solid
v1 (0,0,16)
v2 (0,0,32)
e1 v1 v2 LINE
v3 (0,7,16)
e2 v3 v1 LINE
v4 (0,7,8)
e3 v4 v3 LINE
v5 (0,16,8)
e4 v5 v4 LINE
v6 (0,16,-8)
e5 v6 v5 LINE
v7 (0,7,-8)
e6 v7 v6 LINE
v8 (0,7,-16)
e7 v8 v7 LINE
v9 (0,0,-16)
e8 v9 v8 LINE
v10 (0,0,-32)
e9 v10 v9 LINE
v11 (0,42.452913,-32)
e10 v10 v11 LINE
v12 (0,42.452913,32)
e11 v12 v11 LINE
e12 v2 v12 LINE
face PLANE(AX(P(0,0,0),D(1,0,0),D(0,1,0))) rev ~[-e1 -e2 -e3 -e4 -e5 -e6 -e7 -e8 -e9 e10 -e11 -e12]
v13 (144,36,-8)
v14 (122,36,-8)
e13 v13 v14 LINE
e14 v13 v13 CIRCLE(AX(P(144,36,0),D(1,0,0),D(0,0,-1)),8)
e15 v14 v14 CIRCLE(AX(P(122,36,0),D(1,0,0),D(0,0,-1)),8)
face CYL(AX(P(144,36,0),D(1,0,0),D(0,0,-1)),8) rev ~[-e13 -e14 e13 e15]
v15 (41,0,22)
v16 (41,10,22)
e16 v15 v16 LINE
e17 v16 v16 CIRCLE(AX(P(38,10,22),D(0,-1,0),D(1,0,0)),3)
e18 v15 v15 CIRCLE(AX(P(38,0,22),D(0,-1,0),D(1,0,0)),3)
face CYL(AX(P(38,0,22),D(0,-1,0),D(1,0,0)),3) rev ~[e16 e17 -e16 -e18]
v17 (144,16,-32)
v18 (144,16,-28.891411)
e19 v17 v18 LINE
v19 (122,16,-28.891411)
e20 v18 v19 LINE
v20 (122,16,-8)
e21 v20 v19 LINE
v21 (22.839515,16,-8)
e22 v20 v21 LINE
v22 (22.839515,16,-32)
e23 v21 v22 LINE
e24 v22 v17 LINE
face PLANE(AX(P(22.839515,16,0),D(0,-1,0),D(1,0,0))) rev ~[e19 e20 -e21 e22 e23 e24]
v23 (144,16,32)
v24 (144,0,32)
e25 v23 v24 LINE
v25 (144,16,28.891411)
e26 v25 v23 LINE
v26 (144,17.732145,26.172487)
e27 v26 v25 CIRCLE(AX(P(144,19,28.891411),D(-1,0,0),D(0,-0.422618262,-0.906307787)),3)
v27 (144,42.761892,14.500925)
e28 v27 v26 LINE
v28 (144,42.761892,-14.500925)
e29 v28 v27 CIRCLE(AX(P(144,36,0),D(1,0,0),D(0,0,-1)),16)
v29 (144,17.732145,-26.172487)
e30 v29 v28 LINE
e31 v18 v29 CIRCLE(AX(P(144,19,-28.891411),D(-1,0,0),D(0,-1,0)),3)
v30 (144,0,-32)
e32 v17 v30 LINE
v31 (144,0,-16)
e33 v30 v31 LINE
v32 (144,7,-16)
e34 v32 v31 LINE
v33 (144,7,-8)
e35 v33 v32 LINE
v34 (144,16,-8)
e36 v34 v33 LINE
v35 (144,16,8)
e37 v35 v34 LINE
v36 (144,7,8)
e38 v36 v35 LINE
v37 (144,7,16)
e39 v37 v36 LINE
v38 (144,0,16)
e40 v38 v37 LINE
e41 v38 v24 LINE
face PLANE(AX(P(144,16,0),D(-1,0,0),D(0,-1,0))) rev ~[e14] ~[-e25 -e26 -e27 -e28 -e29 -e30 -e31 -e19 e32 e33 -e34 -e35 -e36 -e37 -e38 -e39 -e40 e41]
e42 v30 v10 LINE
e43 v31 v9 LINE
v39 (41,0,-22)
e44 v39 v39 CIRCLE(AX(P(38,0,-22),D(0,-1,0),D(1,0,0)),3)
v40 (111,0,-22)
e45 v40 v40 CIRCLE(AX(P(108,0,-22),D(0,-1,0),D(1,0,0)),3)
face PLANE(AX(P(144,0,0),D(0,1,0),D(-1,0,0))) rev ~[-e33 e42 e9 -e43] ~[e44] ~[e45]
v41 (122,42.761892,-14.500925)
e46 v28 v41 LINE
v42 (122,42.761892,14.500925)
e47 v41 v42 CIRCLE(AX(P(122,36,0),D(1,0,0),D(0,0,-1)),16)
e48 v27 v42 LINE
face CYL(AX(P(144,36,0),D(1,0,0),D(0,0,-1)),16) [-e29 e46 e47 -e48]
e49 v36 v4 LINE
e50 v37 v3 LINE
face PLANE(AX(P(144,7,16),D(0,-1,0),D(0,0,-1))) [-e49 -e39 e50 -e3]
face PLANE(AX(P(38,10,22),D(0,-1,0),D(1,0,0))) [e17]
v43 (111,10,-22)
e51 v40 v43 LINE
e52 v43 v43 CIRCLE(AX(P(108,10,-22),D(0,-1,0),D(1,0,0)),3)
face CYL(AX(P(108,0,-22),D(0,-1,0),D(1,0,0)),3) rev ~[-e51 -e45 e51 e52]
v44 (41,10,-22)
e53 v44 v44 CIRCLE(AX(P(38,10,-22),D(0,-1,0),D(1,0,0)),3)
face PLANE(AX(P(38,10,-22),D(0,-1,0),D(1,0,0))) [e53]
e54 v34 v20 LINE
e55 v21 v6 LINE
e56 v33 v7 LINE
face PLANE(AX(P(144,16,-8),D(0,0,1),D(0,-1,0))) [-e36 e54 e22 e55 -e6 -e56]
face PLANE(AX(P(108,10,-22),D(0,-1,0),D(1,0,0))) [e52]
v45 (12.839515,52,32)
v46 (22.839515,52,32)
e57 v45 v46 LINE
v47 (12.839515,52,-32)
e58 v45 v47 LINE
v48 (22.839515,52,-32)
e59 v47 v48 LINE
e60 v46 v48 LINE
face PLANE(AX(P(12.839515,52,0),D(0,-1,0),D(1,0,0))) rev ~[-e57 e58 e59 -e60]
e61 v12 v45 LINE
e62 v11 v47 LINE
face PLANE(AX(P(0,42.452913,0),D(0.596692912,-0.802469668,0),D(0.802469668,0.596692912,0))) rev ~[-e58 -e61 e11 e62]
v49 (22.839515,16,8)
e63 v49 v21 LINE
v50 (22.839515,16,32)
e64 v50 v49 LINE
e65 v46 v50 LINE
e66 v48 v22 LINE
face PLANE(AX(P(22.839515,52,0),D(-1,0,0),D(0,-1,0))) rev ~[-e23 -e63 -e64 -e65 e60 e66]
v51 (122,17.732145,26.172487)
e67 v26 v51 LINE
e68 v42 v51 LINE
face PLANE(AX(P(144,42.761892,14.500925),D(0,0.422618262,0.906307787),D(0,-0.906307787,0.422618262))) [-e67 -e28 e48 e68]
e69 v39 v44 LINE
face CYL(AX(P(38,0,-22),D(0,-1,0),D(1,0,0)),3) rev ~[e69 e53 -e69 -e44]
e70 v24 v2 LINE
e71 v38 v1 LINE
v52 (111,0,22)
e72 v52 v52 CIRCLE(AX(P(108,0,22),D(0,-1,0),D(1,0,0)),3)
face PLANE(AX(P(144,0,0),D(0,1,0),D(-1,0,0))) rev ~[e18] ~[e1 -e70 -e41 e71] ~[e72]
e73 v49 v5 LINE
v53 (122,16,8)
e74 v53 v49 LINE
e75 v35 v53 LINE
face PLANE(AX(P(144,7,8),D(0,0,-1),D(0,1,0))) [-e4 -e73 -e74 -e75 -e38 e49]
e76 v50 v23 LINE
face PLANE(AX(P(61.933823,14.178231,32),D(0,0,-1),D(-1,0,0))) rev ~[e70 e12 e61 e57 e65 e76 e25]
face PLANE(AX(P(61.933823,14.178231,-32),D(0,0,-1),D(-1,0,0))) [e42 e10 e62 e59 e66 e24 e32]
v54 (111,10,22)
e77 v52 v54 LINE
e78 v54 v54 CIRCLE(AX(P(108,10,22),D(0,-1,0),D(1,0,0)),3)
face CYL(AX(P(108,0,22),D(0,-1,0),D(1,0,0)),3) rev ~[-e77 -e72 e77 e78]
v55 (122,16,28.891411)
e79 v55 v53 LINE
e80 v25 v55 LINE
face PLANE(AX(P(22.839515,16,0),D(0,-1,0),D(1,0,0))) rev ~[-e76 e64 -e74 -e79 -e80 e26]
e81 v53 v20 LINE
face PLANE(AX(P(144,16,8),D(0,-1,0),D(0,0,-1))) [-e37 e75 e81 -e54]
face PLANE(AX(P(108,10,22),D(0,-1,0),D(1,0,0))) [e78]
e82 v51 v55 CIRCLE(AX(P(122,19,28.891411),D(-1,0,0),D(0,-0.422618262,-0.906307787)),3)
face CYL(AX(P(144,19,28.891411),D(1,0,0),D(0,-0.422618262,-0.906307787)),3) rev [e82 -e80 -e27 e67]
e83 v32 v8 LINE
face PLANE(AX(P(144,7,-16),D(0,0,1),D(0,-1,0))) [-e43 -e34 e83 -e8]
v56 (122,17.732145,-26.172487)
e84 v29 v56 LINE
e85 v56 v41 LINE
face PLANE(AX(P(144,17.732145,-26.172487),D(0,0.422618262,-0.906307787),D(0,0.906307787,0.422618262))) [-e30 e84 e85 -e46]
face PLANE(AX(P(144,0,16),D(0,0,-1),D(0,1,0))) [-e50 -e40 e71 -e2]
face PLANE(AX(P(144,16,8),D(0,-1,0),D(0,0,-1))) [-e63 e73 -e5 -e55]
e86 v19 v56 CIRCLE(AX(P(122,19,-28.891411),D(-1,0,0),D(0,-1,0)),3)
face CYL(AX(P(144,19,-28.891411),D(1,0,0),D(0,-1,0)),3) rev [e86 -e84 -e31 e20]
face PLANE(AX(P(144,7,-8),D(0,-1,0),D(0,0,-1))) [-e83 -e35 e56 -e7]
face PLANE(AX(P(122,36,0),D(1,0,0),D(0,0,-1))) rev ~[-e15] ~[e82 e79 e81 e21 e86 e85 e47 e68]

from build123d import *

# Parameters (mm, degrees)
BOSS_EXTRUDE1_DEPTH  = 32
SKETCH5_R            = 16
SKETCH5_R_2          = 8
BOSS_EXTRUDE2_DEPTH  = 22
CUT_EXTRUDE1_REACH   = 146
SKETCH9_R            = 3
CUT_EXTRUDE2_DEPTH   = 10
LPATTERN1_COUNT      = 2
LPATTERN1_PITCH      = 70
LPATTERN1_COUNT_DIR2 = 2
LPATTERN1_PITCH_DIR2 = 44


with BuildPart() as part:
    # Sketch3 → Boss-Extrude1 (new body, symmetric)
    with BuildSketch(Plane.XY):
        Polygon((0, 0), (0, 42.452913403), (12.839514692, 52), (22.839514692, 52), (22.839514692, 16), (144, 16), (144, 0), align=None)
    extrude(amount=BOSS_EXTRUDE1_DEPTH, both=True)

    # Sketch5 → Boss-Extrude2 (add)
    with BuildSketch(Plane(origin=(144, 0, 0), x_dir=(0, 0, -1), z_dir=(1, 0, 0))):
        with Locations((0, 36)):
            Circle(SKETCH5_R)
        with Locations((0, 36)):
            Circle(SKETCH5_R_2, mode=Mode.SUBTRACT)
        with BuildLine():
            ThreePointArc((16, 36), (-3.463033823, 20.379263886), (-14.500924593, 42.761892188))
            Line((-14.500924593, 42.761892188), (-26.172487288, 17.732145215))
            ThreePointArc((-26.172487288, 17.732145215), (-27.279511824, 16.469825663), (-28.891410649, 16))
            Line((-28.891410649, 16), (28.891410649, 16))
            ThreePointArc((28.891410649, 16), (27.279511824, 16.469825663), (26.172487288, 17.732145215))
            Line((26.172487288, 17.732145215), (14.500924593, 42.761892188))
            ThreePointArc((14.500924593, 42.761892188), (15.620736114, 39.463033823), (16, 36))
        make_face()
    extrude(amount=-BOSS_EXTRUDE2_DEPTH)

    # Sketch8 → Cut-Extrude1 (cut, up to next)
    with BuildSketch(Plane(origin=(144, 0, 0), x_dir=(0, 0, -1), z_dir=(1, 0, 0)), mode=Mode.PRIVATE) as cut_extrude1_sk1:
        Polygon((-16, 0), (-16, 7), (-8, 7), (-8, 16), (8, 16), (8, 7), (16, 7), (16, 0), align=None)
    cut_extrude1_tool1 = extrude(cut_extrude1_sk1.sketch, amount=-CUT_EXTRUDE1_REACH, mode=Mode.PRIVATE) & part.part
    add(cut_extrude1_tool1.solids().sort_by_distance((144, 6.630435, 0))[0], mode=Mode.SUBTRACT)

    # Sketch9 → Cut-Extrude2 (cut)
    with BuildSketch(Plane.XZ):
        with Locations((38, 22)):
            Circle(SKETCH9_R)
    cut_extrude2 = extrude(amount=-CUT_EXTRUDE2_DEPTH, mode=Mode.SUBTRACT)

    # LPattern1: Cut-Extrude2 2 × 2
    with Locations(*[(i * LPATTERN1_PITCH, 0, -j * LPATTERN1_PITCH_DIR2) for i in range(LPATTERN1_COUNT) for j in range(LPATTERN1_COUNT_DIR2) if (i, j) != (0, 0)]):
        add(cut_extrude2, mode=Mode.SUBTRACT)


solid = part.part
